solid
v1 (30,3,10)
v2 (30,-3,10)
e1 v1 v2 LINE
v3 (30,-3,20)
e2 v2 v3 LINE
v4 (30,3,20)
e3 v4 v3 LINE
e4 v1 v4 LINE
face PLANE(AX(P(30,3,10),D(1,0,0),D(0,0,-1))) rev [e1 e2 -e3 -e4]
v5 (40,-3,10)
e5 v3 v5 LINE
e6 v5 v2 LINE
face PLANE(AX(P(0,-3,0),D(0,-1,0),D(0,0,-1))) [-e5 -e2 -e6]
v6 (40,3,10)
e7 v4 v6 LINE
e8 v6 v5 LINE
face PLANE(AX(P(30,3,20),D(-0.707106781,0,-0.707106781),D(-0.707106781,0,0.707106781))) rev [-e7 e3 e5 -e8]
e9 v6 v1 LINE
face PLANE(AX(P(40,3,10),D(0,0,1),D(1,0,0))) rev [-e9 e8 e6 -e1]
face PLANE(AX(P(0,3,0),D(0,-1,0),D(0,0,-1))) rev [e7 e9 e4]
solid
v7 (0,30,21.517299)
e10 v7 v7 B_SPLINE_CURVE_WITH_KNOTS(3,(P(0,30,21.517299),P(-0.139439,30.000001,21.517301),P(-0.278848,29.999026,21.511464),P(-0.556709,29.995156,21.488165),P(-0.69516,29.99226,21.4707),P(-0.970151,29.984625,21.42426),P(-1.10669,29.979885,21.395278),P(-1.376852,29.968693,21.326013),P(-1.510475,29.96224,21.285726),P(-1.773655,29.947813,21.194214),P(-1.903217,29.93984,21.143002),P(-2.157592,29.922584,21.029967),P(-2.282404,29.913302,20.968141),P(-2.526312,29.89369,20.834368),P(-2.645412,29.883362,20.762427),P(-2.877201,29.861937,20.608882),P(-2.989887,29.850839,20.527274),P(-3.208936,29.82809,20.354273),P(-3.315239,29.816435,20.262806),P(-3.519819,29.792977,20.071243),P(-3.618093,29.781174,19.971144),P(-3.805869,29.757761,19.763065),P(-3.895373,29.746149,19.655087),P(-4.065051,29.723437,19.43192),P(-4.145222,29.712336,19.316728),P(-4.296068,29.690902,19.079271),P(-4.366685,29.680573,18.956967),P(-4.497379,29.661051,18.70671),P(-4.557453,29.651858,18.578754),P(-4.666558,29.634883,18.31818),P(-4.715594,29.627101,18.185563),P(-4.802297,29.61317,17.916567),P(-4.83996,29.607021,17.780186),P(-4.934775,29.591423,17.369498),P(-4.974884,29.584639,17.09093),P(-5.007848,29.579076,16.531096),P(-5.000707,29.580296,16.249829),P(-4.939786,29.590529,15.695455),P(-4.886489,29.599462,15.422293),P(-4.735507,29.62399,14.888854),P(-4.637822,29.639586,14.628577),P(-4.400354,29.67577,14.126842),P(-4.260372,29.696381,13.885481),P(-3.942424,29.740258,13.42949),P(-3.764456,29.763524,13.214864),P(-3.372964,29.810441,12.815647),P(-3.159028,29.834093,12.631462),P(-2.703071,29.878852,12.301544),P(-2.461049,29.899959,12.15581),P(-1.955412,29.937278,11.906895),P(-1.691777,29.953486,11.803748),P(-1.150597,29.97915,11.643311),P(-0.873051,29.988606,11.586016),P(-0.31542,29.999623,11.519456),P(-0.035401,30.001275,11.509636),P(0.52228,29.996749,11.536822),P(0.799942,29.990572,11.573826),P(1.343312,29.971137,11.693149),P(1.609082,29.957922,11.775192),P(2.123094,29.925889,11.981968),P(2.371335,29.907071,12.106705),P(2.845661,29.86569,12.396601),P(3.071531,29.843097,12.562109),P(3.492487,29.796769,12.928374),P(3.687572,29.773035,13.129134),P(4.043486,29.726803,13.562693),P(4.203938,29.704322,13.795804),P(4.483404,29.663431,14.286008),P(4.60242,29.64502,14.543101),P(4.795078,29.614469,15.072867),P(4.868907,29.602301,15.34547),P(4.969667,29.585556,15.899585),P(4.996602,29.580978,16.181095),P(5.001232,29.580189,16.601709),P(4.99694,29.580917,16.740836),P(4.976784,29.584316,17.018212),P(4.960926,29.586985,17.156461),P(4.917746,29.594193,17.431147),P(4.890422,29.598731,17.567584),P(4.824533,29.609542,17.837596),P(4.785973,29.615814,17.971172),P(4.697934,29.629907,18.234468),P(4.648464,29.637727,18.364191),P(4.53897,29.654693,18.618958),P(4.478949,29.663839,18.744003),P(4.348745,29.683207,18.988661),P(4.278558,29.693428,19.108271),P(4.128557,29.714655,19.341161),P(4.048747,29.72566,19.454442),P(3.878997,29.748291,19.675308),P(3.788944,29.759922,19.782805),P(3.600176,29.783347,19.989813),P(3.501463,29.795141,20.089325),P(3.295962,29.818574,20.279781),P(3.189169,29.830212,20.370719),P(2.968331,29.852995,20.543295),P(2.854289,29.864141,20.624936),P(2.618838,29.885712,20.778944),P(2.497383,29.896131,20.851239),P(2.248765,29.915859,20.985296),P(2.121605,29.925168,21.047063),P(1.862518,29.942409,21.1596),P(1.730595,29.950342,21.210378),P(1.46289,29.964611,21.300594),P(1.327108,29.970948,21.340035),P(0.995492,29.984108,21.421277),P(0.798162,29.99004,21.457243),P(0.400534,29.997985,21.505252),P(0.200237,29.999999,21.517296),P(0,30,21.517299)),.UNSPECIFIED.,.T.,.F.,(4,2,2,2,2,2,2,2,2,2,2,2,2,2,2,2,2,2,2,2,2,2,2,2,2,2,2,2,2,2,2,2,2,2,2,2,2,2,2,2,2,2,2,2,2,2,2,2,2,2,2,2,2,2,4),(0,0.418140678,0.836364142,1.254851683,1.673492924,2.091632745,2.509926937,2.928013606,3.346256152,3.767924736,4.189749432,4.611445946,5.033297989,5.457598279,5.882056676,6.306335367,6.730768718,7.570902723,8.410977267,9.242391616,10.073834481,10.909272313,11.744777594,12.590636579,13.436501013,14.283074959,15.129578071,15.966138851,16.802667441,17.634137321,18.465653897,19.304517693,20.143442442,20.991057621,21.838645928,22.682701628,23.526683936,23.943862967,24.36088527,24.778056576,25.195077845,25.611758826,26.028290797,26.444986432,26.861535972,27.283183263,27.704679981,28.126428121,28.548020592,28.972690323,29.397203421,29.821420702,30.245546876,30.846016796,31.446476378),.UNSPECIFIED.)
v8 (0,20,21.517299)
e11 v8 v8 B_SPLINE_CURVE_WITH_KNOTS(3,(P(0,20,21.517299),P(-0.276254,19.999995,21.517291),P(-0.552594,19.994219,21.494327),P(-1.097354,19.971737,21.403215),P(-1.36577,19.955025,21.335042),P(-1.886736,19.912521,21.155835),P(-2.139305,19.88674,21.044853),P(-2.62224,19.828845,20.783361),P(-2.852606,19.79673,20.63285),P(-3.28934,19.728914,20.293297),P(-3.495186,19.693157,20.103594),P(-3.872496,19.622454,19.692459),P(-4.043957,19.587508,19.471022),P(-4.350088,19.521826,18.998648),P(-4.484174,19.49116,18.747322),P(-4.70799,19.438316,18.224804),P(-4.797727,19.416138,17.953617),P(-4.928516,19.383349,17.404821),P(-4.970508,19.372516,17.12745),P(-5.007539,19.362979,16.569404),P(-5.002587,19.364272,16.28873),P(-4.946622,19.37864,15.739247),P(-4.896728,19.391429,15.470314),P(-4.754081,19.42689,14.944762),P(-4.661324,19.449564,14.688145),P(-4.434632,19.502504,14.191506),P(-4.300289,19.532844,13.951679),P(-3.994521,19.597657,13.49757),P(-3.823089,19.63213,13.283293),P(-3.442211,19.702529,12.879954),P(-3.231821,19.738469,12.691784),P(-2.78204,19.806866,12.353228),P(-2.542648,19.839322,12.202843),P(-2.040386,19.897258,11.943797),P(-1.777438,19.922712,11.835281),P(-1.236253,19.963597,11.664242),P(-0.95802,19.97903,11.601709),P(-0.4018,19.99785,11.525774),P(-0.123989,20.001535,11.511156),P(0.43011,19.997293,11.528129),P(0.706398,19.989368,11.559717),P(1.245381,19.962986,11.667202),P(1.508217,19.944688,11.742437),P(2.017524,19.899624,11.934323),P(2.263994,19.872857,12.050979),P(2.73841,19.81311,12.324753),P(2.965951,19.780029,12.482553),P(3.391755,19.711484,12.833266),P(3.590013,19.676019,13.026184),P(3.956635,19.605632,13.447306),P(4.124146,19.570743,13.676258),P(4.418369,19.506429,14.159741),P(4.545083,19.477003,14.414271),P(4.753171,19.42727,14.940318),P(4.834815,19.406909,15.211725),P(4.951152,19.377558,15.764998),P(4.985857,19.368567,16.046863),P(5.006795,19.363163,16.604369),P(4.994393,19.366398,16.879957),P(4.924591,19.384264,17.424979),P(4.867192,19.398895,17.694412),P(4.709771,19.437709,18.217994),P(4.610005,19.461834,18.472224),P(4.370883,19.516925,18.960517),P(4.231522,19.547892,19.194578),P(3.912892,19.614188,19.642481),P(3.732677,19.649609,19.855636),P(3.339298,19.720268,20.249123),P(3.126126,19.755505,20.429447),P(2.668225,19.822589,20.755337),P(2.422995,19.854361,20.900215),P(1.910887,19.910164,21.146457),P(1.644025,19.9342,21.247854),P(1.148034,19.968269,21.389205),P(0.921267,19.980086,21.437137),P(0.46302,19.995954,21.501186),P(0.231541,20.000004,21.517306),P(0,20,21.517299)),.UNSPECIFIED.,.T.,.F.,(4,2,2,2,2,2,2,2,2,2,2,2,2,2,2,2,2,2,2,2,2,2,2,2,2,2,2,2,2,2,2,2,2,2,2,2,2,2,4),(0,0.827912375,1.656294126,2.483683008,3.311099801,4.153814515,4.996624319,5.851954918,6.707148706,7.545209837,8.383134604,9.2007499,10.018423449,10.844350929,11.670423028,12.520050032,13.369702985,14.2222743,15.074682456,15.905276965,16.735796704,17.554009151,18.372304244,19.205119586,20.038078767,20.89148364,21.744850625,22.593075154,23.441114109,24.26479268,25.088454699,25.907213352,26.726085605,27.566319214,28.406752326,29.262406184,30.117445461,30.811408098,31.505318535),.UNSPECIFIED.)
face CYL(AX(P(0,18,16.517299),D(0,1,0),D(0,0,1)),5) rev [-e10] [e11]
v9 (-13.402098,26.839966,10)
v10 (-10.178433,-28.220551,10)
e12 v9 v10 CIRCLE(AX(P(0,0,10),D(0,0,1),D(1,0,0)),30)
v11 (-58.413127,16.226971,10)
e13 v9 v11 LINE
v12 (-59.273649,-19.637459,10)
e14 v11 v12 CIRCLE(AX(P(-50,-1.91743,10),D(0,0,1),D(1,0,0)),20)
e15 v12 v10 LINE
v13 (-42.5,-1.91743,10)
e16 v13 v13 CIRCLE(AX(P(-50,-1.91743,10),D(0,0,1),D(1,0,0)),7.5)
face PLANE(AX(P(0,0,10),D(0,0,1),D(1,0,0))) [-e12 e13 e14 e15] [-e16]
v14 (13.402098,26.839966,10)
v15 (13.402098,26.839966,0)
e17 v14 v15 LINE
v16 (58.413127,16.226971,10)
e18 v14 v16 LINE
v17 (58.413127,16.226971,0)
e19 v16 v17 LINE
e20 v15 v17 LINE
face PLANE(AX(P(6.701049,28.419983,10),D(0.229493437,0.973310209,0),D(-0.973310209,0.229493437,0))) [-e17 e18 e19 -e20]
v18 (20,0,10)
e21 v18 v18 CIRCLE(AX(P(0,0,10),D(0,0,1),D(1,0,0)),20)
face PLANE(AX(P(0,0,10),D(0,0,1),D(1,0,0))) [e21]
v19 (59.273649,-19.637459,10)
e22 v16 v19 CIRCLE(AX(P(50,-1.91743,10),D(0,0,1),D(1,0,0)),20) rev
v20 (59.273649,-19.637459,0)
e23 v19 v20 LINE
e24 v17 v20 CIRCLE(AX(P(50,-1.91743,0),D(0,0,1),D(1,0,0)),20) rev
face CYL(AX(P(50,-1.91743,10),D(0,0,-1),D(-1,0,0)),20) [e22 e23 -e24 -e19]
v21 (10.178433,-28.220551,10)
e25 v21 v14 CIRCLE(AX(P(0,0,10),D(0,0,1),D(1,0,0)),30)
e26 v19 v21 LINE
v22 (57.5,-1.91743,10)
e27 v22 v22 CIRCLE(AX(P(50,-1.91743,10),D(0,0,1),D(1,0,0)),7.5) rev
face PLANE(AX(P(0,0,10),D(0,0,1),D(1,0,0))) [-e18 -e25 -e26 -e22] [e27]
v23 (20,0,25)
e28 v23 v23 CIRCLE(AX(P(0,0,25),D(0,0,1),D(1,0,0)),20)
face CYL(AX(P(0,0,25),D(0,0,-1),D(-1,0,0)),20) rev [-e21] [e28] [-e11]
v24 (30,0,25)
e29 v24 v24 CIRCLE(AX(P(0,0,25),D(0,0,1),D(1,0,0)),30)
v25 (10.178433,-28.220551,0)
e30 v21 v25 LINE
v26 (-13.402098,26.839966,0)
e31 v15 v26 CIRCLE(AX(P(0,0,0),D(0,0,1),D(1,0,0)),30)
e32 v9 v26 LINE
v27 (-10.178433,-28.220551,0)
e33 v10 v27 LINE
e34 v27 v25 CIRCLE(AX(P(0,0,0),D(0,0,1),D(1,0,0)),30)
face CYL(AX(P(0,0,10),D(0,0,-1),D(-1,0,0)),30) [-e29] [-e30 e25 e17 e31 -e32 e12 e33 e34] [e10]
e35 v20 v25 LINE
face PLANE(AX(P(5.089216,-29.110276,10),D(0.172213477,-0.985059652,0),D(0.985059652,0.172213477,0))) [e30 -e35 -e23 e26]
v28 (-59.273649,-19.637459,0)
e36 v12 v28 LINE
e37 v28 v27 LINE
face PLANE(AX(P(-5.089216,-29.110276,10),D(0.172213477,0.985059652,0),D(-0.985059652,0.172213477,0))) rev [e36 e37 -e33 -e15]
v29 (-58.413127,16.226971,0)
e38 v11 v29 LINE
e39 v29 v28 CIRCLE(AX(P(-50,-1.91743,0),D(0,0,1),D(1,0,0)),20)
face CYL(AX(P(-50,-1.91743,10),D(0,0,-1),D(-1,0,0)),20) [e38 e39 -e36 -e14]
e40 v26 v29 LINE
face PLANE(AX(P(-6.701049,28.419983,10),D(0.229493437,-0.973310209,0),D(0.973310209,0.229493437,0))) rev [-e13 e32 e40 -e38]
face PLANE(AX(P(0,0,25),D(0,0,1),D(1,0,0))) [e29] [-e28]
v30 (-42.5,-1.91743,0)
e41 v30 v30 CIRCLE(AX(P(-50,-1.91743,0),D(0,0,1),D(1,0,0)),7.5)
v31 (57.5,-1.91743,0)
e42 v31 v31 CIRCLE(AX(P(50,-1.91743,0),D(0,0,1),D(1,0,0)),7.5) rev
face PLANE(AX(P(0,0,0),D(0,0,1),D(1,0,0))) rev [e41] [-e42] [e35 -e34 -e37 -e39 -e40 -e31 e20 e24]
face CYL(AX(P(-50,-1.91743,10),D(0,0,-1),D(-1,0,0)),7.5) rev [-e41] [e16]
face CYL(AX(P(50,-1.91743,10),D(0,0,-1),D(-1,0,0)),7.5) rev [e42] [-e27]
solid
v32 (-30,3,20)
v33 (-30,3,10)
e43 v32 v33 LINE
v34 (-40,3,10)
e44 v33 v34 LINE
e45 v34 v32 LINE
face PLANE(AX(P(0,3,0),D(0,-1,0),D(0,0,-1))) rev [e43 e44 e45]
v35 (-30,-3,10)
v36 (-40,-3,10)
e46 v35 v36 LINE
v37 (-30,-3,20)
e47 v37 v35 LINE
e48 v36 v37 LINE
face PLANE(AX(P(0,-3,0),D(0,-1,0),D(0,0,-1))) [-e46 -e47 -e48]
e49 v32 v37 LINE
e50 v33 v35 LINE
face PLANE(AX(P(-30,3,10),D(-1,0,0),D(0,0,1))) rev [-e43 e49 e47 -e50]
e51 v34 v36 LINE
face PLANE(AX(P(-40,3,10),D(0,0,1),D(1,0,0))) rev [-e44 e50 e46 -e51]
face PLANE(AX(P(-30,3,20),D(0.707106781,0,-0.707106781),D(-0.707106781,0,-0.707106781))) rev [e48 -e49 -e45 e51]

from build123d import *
from build123d.topology import SkipClean

# Parameters (mm, degrees)
SKETCH1_R             = 7.5
BOSS_EXTRUDE1_DEPTH   = 10
SKETCH2_R             = 30
SKETCH2_R_2           = 20
BOSS_EXTRUDE2_DEPTH   = 15
BOSS_EXTRUDE9_DEPTH   = 3
BOSS_EXTRUDE9_2_DEPTH = 3
SKETCH9_R             = 5
CUT_EXTRUDE1_DEPTH    = 12


with BuildPart() as part:
    # Sketch1 → Boss-Extrude1 (new body)
    with BuildSketch(Plane.XY):
        with BuildLine():
            Line((-59.27364878, -19.637458905), (-10.178432842, -28.220551109))
            ThreePointArc((-10.178432842, -28.220551109), (0, -30), (10.178432842, -28.220551109))
            Line((10.178432842, -28.220551109), (59.27364878, -19.637458905))
            ThreePointArc((59.27364878, -19.637458905), (69.994245494, -1.437693094), (58.413127348, 16.226971408))
            Line((58.413127348, 16.226971408), (13.402098279, 26.839965755))
            ThreePointArc((13.402098279, 26.839965755), (0, 30), (-13.402098279, 26.839965755))
            Line((-13.402098279, 26.839965755), (-58.413127348, 16.226971408))
            ThreePointArc((-58.413127348, 16.226971408), (-69.994245494, -1.437693094), (-59.27364878, -19.637458905))
        make_face()
        with Locations((-50, -1.917429608)):
            Circle(SKETCH1_R, mode=Mode.SUBTRACT)
        with Locations((50, -1.917429608)):
            Circle(SKETCH1_R, mode=Mode.SUBTRACT)
    extrude(amount=BOSS_EXTRUDE1_DEPTH)

    # Sketch2 → Boss-Extrude2 (add)
    with BuildSketch(Plane.XY.offset(10)):
        with Locations(Location((0, 0, 0), (0, 0, 116.534500166))):
            Circle(SKETCH2_R)
        Circle(SKETCH2_R_2, mode=Mode.SUBTRACT)
    extrude(amount=BOSS_EXTRUDE2_DEPTH)

    # Sketch9 → Cut-Extrude1 (cut)
    with SkipClean():  # the faces are left unmerged after this step: merging them gives an invalid solid
        with BuildSketch(Plane(origin=(0, 30, 0), x_dir=(1, 0, 0), z_dir=(0, 1, 0))):
            with Locations(Location((0, -16.517299194, 0), (0, 0, 270))):
                Circle(SKETCH9_R)
        extrude(amount=-CUT_EXTRUDE1_DEPTH, mode=Mode.SUBTRACT)


with BuildPart() as body_2:
    # Sketch7 → Boss-Extrude9 (new, symmetric)
    with BuildSketch(Plane(origin=(0, 0, 0), x_dir=(1, 0, 0), z_dir=(0, 1, 0))):
        Polygon((-30, -10), (-30, -20), (-40, -10), align=None)
    extrude(amount=BOSS_EXTRUDE9_DEPTH, both=True)


with BuildPart() as body_3:
    # Sketch7 → Boss-Extrude9 2 (new, symmetric)
    with BuildSketch(Plane(origin=(0, 0, 0), x_dir=(1, 0, 0), z_dir=(0, 1, 0))):
        Polygon((30, -20), (40, -10), (30, -10), align=None)
    extrude(amount=BOSS_EXTRUDE9_2_DEPTH, both=True)


solid = Compound([part.part, body_2.part, body_3.part])
